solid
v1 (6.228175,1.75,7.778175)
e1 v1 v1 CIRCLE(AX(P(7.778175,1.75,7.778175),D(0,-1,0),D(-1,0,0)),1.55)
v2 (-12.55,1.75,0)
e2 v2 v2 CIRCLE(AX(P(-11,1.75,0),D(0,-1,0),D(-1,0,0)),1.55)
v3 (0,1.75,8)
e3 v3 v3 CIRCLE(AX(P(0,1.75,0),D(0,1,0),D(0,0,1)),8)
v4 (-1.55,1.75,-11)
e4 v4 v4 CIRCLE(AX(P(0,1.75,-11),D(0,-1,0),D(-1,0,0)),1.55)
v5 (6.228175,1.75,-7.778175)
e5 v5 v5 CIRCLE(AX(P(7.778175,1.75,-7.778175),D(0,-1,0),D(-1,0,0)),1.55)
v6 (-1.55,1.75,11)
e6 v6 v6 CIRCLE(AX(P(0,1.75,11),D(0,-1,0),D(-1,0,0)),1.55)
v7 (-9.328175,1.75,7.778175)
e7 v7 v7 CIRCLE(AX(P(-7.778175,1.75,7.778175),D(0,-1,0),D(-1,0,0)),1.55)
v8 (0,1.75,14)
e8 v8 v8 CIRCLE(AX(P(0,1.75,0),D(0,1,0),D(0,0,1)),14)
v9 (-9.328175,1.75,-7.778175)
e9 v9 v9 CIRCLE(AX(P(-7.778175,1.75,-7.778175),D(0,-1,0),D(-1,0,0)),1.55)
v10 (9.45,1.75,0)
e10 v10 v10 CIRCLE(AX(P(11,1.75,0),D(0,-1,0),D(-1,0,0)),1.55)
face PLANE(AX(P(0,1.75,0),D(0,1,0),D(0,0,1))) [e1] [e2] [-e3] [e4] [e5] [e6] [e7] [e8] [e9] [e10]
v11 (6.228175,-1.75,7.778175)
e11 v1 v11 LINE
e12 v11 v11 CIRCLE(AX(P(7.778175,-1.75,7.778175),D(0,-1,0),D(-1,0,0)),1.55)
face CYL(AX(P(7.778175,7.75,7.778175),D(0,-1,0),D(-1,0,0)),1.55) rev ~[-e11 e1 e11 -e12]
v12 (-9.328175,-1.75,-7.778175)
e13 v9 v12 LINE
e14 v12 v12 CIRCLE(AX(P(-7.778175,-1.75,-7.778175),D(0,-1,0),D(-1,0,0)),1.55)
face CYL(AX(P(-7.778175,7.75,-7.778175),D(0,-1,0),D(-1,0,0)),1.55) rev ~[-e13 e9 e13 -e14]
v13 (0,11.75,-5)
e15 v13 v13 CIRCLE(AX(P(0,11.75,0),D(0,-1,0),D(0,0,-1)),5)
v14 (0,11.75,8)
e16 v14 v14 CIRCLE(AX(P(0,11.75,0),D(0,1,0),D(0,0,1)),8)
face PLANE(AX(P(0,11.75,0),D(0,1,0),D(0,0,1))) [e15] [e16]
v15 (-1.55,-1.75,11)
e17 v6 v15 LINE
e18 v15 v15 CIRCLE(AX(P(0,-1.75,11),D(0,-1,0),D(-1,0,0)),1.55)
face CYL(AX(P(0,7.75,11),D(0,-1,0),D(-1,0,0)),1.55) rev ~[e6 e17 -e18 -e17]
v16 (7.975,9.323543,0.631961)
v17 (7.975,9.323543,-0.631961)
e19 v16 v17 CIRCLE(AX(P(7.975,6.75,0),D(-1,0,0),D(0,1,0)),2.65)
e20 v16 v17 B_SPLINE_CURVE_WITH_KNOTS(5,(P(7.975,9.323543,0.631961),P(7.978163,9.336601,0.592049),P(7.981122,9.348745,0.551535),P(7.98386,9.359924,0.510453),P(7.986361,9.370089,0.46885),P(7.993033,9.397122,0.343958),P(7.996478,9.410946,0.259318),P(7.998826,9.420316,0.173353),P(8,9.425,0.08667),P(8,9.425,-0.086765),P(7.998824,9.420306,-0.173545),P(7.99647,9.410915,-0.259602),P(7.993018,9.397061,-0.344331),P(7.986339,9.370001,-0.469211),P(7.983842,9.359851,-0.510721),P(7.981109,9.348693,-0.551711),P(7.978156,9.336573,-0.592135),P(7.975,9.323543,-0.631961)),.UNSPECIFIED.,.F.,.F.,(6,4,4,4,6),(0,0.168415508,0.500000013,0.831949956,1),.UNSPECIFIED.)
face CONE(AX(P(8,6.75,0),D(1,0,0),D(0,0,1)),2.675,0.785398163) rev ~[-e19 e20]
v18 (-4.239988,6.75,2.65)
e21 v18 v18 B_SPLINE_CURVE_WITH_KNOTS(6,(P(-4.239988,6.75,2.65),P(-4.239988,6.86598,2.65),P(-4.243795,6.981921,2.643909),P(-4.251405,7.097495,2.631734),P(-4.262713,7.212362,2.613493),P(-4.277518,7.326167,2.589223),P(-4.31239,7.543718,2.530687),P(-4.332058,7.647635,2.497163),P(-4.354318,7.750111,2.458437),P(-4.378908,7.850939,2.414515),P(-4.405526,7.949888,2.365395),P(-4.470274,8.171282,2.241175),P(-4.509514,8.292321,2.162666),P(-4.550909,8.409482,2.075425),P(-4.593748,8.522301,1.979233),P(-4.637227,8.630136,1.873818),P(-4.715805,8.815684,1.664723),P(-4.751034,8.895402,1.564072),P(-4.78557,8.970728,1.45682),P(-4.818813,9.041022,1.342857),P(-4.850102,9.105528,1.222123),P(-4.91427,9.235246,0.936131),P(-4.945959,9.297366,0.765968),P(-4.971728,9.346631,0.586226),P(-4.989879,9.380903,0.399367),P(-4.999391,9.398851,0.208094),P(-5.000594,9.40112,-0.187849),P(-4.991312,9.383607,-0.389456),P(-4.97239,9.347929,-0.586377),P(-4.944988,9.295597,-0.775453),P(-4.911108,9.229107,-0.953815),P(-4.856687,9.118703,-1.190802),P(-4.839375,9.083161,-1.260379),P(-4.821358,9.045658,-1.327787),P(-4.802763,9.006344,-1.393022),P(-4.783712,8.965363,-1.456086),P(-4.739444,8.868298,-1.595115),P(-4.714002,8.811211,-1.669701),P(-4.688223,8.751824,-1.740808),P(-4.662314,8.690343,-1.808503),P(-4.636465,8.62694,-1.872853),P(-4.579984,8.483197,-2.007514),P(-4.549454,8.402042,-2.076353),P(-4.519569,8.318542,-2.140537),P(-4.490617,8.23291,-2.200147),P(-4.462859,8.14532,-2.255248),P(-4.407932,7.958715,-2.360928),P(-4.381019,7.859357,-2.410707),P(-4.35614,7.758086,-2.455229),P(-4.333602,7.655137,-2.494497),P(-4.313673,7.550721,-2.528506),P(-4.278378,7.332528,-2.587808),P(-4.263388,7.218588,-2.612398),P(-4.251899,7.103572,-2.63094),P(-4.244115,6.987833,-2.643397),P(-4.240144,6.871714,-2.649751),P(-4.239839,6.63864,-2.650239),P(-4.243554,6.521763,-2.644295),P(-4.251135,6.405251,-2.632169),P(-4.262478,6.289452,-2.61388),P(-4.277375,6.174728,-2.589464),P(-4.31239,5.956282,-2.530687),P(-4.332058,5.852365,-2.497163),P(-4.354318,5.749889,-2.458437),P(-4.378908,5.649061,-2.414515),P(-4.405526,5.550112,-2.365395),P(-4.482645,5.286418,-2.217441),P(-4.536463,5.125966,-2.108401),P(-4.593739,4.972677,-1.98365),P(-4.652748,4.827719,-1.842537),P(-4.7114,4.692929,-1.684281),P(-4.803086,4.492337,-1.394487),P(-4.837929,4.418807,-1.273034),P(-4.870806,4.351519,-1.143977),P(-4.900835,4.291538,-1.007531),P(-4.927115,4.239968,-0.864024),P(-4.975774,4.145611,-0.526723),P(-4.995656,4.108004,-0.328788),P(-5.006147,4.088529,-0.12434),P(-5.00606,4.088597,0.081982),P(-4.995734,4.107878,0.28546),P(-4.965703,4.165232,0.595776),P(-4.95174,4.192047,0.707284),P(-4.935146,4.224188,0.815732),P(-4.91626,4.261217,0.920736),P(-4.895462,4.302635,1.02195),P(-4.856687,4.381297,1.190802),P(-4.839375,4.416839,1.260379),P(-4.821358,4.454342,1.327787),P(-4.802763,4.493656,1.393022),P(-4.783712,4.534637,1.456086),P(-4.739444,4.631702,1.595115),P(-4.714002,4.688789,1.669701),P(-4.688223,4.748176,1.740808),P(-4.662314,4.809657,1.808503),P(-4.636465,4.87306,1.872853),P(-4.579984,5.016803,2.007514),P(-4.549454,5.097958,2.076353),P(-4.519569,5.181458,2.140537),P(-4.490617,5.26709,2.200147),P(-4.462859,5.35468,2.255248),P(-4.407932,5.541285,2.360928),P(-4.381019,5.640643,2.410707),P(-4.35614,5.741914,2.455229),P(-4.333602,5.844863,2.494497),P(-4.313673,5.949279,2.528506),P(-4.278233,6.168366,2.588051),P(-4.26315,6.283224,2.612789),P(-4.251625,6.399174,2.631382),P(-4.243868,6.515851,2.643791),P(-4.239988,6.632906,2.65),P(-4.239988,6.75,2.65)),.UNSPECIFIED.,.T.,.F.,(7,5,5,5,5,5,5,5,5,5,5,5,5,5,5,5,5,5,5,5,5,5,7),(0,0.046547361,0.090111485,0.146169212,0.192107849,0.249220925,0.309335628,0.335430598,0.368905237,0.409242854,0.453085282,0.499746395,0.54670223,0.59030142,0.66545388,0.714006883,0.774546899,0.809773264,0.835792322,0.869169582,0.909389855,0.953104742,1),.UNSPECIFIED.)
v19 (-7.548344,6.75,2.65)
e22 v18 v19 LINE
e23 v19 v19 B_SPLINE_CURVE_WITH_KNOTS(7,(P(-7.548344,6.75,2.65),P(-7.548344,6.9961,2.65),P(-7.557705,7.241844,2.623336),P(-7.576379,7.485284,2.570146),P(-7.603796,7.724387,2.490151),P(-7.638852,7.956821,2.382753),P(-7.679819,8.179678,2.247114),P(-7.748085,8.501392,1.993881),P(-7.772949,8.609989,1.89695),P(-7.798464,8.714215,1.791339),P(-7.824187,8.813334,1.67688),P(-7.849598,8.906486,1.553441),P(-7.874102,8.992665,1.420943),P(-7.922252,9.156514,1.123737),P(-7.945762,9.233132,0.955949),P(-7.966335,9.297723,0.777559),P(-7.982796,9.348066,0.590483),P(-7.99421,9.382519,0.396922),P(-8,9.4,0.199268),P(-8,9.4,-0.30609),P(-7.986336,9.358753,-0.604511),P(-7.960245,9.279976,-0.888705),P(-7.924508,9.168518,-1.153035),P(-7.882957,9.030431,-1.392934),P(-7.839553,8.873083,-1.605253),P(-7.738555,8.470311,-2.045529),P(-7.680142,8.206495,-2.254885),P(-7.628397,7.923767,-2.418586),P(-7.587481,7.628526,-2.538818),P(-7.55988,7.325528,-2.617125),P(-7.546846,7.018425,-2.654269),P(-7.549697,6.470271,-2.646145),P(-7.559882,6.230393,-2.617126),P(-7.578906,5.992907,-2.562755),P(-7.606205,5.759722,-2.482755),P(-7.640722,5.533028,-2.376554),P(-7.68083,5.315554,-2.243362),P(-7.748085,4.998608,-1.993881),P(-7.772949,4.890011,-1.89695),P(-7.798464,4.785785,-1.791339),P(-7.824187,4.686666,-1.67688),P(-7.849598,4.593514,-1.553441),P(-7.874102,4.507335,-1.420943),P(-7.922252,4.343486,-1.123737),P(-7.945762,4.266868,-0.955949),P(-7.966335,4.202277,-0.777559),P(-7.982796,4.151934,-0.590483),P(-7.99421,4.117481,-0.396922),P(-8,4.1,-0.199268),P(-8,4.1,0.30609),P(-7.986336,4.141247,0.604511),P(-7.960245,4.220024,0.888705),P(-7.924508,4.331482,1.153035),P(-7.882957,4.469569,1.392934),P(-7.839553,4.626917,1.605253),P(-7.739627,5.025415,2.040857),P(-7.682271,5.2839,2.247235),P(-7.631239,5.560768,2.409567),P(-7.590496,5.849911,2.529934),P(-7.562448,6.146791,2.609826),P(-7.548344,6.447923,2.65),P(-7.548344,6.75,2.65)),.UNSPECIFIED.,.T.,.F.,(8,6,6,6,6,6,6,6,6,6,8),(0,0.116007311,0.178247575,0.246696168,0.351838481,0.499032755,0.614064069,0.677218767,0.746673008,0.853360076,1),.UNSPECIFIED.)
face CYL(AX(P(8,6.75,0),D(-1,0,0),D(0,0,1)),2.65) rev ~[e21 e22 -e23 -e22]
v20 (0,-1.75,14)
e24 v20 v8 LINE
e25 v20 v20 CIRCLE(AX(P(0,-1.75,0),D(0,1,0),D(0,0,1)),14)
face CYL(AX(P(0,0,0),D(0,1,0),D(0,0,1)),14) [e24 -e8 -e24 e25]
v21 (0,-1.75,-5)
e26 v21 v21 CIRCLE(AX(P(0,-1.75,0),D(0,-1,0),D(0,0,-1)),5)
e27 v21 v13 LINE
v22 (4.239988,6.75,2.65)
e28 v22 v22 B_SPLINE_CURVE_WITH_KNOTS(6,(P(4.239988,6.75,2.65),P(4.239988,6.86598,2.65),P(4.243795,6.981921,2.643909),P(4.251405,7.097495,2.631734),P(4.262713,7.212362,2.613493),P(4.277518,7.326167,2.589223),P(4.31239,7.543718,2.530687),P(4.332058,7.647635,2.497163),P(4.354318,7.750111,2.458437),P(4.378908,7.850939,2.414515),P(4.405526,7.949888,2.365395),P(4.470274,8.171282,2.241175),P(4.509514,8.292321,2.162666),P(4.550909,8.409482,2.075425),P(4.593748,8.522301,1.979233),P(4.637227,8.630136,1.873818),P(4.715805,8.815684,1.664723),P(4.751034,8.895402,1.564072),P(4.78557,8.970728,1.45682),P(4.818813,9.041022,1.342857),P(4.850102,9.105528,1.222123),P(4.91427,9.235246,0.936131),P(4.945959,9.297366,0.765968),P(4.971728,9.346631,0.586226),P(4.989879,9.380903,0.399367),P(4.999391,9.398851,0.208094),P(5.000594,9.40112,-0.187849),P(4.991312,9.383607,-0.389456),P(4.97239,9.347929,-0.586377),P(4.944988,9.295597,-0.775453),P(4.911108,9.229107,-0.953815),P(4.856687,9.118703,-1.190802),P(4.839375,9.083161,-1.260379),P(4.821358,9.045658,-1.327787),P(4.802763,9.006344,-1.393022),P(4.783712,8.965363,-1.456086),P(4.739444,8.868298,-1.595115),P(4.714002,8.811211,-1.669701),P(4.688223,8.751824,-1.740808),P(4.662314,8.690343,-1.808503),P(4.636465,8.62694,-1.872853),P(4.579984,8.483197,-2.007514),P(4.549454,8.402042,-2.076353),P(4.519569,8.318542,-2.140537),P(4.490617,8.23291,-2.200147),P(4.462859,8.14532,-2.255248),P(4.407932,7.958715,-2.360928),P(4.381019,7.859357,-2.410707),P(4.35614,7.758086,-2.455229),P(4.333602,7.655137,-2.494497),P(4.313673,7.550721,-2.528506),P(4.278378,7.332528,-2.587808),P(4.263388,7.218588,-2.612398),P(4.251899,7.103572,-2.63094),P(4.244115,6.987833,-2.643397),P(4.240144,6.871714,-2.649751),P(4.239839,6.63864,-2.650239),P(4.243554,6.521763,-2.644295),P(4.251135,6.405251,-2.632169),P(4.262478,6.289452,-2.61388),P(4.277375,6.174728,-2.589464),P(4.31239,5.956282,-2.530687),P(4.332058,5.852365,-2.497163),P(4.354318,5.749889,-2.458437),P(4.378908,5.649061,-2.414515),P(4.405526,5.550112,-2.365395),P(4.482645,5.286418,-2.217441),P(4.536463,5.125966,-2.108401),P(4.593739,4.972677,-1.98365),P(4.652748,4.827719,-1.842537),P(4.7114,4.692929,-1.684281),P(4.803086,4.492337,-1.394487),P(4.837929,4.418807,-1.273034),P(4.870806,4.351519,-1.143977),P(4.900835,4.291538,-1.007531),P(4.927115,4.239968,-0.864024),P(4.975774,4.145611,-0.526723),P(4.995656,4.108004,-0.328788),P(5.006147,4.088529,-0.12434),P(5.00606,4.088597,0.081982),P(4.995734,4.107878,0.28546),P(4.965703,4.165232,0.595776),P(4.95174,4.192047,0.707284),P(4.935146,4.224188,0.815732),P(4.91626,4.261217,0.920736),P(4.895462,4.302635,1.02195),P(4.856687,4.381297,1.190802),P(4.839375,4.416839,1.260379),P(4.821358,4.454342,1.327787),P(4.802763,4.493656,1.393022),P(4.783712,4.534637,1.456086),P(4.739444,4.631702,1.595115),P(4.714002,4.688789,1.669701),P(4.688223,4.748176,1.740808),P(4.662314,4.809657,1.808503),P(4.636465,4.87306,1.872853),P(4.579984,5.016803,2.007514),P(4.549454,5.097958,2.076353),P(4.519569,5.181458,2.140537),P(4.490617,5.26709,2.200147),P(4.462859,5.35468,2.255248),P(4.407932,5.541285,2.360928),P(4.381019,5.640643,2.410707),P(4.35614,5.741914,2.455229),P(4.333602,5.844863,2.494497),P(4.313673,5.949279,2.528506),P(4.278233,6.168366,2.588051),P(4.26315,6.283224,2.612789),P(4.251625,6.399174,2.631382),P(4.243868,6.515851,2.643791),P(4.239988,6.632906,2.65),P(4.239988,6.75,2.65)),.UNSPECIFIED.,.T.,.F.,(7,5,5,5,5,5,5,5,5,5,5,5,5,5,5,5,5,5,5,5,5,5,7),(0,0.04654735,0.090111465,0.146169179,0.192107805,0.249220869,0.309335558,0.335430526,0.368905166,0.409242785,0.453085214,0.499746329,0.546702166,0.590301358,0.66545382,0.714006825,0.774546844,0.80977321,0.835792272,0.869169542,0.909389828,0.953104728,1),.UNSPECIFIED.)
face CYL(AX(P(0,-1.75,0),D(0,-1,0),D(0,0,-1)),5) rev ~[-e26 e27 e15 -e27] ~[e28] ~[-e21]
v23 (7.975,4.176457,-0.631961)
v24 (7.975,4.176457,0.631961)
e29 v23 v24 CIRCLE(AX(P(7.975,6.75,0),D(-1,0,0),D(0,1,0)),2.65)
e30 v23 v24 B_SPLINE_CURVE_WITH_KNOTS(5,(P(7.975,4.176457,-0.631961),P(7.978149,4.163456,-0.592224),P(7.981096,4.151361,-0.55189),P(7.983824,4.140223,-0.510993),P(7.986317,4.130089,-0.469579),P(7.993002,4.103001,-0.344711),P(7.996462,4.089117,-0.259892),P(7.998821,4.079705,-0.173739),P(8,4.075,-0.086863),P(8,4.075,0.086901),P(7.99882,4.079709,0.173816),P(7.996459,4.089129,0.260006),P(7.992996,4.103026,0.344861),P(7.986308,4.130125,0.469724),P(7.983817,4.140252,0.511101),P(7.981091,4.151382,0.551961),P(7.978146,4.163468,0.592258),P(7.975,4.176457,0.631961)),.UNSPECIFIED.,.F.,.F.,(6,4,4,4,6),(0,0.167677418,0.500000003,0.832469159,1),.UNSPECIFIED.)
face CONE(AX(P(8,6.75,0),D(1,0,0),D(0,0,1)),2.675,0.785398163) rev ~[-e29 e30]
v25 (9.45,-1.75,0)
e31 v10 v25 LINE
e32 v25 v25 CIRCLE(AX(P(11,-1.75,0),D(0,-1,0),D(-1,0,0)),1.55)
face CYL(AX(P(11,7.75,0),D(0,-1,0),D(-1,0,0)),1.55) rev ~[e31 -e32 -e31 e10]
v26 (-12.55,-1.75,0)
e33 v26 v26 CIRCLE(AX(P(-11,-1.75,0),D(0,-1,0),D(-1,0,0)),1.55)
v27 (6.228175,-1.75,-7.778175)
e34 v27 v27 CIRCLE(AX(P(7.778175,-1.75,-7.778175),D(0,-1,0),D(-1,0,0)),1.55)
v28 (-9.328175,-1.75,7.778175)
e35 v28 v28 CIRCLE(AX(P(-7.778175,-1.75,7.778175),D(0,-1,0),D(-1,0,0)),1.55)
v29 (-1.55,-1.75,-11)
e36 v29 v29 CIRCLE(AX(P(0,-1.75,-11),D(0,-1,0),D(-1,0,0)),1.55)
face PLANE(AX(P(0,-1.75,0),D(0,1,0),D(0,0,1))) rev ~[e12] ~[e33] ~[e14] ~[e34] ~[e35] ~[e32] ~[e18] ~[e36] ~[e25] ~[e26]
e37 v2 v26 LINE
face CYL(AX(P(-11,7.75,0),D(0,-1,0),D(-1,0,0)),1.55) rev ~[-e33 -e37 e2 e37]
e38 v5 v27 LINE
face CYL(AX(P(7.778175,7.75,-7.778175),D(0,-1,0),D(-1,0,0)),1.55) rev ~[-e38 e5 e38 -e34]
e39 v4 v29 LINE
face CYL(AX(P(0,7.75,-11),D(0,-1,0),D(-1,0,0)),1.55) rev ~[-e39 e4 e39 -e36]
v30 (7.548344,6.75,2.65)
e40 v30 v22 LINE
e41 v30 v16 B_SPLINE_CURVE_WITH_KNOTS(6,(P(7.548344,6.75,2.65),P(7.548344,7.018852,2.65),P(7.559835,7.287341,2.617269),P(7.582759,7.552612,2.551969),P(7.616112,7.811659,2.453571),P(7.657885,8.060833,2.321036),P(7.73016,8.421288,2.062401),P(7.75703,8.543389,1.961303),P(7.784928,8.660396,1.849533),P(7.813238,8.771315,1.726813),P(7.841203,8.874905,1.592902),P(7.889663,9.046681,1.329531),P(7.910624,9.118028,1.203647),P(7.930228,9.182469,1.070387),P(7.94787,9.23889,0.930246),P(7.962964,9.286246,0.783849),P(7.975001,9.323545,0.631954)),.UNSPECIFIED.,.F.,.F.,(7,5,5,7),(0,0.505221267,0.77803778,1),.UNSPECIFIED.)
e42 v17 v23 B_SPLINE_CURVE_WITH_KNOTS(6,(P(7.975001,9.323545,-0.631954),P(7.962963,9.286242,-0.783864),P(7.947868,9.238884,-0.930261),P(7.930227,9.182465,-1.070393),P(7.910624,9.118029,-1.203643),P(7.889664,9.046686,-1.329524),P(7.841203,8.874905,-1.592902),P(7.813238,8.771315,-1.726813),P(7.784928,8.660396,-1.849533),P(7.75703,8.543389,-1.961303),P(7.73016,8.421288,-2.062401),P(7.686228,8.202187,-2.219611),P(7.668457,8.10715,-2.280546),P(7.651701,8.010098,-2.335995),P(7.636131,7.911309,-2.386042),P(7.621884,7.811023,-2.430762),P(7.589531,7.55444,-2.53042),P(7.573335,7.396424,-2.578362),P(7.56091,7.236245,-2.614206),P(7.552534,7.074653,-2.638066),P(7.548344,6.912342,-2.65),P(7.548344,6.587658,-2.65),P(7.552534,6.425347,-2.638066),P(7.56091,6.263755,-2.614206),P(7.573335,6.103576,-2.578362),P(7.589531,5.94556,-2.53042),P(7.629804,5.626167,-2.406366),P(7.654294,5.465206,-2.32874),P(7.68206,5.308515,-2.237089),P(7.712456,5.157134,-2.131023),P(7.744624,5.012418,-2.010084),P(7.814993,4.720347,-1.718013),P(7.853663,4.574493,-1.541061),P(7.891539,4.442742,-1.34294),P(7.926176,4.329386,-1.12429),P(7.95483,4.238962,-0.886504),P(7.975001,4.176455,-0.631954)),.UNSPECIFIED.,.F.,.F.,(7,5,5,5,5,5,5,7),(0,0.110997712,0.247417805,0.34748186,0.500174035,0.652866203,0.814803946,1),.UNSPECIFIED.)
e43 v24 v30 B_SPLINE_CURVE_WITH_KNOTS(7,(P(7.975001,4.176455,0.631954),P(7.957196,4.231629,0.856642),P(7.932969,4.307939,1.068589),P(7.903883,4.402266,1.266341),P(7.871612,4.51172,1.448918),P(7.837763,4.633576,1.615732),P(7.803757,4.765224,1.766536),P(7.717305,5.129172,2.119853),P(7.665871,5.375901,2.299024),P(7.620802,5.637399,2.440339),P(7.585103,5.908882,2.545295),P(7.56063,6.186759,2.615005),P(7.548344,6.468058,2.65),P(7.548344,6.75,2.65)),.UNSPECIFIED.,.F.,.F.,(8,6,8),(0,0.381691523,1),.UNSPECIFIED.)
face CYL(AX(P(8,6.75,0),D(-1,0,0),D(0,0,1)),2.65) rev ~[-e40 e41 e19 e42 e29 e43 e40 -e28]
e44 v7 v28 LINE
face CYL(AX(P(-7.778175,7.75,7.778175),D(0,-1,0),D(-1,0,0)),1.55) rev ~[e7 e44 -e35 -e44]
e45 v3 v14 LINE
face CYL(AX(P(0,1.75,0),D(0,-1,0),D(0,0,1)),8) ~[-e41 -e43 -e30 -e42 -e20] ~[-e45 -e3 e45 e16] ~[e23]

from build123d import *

# Parameters (mm, degrees)
SKETCH1_R                      = 14
BOSS_EXTRUDE1_DEPTH            = 1.75
M2_5_CLEARANCE_HOLE1_D         = 3.1
M2_5_CLEARANCE_HOLE1_DEPTH     = 6
M2_5_CLEARANCE_HOLE1_TIP       = 0.931333959
SKETCH9_R                      = 8
BOSS_EXTRUDE2_DEPTH            = 10
SKETCH7_R                      = 5
CUT_EXTRUDE1_DEPTH             = 24.963513933
M5_CLEARANCE_HOLE1_D           = 5.3
M5_CLEARANCE_HOLE1_DEPTH       = 25.4
M5_CLEARANCE_HOLE1_CSINK_D     = 5.35
M5_CLEARANCE_HOLE1_CSINK_ANGLE = 90
M5_CLEARANCE_HOLE1_TIP         = 1.59228064


with BuildPart() as part:
    # Sketch1 → Boss-Extrude1 (new, symmetric)
    with BuildSketch(Plane(origin=(0, 0, 0), x_dir=(1, 0, 0), z_dir=(0, 1, 0))):
        with Locations(Location((0, 0, 0), (0, 0, 270))):
            Circle(SKETCH1_R)
    extrude(amount=BOSS_EXTRUDE1_DEPTH, both=True)

    # M2.5 Clearance Hole1
    with Locations(Plane(origin=(0, 1.75, 0), x_dir=(1, 0, 0), z_dir=(0, 1, 0))):
        with Locations((-11, 0), (-7.778174593, 7.778174593), (0, 11), (7.778174593, 7.778174593), (11, 0), (7.778174593, -7.778174593), (0, -11), (-7.778174593, -7.778174593)):
            Hole(M2_5_CLEARANCE_HOLE1_D / 2, depth=M2_5_CLEARANCE_HOLE1_DEPTH)
            with Locations((0, 0, -(M2_5_CLEARANCE_HOLE1_DEPTH + M2_5_CLEARANCE_HOLE1_TIP / 2))):  # 118° drill point
                Cone(0, M2_5_CLEARANCE_HOLE1_D / 2, M2_5_CLEARANCE_HOLE1_TIP, mode=Mode.SUBTRACT)

    # Sketch9 → Boss-Extrude2 (add)
    with BuildSketch(Plane(origin=(0, 1.75, 0), x_dir=(1, 0, 0), z_dir=(0, 1, 0))):
        with Locations(Location((0, 0, 0), (0, 0, 270))):
            Circle(SKETCH9_R)
    extrude(amount=BOSS_EXTRUDE2_DEPTH)

    # Sketch7 → Cut-Extrude1 (cut, through all)
    with BuildSketch(Plane.XZ.offset(1.75)):
        with Locations(Location((0, 0, 0), (0, 0, 270))):
            Circle(SKETCH7_R)
    extrude(amount=-CUT_EXTRUDE1_DEPTH, mode=Mode.SUBTRACT)

    # M5 Clearance Hole1
    with Locations(Plane(origin=(8, 0, 0), x_dir=(0, 0, -1), z_dir=(1, 0, 0))):
        with Locations((0, 6.75)):
            CounterSinkHole(M5_CLEARANCE_HOLE1_D / 2, M5_CLEARANCE_HOLE1_CSINK_D / 2, depth=M5_CLEARANCE_HOLE1_DEPTH, counter_sink_angle=M5_CLEARANCE_HOLE1_CSINK_ANGLE)
            with Locations((0, 0, -(M5_CLEARANCE_HOLE1_DEPTH + M5_CLEARANCE_HOLE1_TIP / 2))):  # 118° drill point
                Cone(0, M5_CLEARANCE_HOLE1_D / 2, M5_CLEARANCE_HOLE1_TIP, mode=Mode.SUBTRACT)


solid = part.part
